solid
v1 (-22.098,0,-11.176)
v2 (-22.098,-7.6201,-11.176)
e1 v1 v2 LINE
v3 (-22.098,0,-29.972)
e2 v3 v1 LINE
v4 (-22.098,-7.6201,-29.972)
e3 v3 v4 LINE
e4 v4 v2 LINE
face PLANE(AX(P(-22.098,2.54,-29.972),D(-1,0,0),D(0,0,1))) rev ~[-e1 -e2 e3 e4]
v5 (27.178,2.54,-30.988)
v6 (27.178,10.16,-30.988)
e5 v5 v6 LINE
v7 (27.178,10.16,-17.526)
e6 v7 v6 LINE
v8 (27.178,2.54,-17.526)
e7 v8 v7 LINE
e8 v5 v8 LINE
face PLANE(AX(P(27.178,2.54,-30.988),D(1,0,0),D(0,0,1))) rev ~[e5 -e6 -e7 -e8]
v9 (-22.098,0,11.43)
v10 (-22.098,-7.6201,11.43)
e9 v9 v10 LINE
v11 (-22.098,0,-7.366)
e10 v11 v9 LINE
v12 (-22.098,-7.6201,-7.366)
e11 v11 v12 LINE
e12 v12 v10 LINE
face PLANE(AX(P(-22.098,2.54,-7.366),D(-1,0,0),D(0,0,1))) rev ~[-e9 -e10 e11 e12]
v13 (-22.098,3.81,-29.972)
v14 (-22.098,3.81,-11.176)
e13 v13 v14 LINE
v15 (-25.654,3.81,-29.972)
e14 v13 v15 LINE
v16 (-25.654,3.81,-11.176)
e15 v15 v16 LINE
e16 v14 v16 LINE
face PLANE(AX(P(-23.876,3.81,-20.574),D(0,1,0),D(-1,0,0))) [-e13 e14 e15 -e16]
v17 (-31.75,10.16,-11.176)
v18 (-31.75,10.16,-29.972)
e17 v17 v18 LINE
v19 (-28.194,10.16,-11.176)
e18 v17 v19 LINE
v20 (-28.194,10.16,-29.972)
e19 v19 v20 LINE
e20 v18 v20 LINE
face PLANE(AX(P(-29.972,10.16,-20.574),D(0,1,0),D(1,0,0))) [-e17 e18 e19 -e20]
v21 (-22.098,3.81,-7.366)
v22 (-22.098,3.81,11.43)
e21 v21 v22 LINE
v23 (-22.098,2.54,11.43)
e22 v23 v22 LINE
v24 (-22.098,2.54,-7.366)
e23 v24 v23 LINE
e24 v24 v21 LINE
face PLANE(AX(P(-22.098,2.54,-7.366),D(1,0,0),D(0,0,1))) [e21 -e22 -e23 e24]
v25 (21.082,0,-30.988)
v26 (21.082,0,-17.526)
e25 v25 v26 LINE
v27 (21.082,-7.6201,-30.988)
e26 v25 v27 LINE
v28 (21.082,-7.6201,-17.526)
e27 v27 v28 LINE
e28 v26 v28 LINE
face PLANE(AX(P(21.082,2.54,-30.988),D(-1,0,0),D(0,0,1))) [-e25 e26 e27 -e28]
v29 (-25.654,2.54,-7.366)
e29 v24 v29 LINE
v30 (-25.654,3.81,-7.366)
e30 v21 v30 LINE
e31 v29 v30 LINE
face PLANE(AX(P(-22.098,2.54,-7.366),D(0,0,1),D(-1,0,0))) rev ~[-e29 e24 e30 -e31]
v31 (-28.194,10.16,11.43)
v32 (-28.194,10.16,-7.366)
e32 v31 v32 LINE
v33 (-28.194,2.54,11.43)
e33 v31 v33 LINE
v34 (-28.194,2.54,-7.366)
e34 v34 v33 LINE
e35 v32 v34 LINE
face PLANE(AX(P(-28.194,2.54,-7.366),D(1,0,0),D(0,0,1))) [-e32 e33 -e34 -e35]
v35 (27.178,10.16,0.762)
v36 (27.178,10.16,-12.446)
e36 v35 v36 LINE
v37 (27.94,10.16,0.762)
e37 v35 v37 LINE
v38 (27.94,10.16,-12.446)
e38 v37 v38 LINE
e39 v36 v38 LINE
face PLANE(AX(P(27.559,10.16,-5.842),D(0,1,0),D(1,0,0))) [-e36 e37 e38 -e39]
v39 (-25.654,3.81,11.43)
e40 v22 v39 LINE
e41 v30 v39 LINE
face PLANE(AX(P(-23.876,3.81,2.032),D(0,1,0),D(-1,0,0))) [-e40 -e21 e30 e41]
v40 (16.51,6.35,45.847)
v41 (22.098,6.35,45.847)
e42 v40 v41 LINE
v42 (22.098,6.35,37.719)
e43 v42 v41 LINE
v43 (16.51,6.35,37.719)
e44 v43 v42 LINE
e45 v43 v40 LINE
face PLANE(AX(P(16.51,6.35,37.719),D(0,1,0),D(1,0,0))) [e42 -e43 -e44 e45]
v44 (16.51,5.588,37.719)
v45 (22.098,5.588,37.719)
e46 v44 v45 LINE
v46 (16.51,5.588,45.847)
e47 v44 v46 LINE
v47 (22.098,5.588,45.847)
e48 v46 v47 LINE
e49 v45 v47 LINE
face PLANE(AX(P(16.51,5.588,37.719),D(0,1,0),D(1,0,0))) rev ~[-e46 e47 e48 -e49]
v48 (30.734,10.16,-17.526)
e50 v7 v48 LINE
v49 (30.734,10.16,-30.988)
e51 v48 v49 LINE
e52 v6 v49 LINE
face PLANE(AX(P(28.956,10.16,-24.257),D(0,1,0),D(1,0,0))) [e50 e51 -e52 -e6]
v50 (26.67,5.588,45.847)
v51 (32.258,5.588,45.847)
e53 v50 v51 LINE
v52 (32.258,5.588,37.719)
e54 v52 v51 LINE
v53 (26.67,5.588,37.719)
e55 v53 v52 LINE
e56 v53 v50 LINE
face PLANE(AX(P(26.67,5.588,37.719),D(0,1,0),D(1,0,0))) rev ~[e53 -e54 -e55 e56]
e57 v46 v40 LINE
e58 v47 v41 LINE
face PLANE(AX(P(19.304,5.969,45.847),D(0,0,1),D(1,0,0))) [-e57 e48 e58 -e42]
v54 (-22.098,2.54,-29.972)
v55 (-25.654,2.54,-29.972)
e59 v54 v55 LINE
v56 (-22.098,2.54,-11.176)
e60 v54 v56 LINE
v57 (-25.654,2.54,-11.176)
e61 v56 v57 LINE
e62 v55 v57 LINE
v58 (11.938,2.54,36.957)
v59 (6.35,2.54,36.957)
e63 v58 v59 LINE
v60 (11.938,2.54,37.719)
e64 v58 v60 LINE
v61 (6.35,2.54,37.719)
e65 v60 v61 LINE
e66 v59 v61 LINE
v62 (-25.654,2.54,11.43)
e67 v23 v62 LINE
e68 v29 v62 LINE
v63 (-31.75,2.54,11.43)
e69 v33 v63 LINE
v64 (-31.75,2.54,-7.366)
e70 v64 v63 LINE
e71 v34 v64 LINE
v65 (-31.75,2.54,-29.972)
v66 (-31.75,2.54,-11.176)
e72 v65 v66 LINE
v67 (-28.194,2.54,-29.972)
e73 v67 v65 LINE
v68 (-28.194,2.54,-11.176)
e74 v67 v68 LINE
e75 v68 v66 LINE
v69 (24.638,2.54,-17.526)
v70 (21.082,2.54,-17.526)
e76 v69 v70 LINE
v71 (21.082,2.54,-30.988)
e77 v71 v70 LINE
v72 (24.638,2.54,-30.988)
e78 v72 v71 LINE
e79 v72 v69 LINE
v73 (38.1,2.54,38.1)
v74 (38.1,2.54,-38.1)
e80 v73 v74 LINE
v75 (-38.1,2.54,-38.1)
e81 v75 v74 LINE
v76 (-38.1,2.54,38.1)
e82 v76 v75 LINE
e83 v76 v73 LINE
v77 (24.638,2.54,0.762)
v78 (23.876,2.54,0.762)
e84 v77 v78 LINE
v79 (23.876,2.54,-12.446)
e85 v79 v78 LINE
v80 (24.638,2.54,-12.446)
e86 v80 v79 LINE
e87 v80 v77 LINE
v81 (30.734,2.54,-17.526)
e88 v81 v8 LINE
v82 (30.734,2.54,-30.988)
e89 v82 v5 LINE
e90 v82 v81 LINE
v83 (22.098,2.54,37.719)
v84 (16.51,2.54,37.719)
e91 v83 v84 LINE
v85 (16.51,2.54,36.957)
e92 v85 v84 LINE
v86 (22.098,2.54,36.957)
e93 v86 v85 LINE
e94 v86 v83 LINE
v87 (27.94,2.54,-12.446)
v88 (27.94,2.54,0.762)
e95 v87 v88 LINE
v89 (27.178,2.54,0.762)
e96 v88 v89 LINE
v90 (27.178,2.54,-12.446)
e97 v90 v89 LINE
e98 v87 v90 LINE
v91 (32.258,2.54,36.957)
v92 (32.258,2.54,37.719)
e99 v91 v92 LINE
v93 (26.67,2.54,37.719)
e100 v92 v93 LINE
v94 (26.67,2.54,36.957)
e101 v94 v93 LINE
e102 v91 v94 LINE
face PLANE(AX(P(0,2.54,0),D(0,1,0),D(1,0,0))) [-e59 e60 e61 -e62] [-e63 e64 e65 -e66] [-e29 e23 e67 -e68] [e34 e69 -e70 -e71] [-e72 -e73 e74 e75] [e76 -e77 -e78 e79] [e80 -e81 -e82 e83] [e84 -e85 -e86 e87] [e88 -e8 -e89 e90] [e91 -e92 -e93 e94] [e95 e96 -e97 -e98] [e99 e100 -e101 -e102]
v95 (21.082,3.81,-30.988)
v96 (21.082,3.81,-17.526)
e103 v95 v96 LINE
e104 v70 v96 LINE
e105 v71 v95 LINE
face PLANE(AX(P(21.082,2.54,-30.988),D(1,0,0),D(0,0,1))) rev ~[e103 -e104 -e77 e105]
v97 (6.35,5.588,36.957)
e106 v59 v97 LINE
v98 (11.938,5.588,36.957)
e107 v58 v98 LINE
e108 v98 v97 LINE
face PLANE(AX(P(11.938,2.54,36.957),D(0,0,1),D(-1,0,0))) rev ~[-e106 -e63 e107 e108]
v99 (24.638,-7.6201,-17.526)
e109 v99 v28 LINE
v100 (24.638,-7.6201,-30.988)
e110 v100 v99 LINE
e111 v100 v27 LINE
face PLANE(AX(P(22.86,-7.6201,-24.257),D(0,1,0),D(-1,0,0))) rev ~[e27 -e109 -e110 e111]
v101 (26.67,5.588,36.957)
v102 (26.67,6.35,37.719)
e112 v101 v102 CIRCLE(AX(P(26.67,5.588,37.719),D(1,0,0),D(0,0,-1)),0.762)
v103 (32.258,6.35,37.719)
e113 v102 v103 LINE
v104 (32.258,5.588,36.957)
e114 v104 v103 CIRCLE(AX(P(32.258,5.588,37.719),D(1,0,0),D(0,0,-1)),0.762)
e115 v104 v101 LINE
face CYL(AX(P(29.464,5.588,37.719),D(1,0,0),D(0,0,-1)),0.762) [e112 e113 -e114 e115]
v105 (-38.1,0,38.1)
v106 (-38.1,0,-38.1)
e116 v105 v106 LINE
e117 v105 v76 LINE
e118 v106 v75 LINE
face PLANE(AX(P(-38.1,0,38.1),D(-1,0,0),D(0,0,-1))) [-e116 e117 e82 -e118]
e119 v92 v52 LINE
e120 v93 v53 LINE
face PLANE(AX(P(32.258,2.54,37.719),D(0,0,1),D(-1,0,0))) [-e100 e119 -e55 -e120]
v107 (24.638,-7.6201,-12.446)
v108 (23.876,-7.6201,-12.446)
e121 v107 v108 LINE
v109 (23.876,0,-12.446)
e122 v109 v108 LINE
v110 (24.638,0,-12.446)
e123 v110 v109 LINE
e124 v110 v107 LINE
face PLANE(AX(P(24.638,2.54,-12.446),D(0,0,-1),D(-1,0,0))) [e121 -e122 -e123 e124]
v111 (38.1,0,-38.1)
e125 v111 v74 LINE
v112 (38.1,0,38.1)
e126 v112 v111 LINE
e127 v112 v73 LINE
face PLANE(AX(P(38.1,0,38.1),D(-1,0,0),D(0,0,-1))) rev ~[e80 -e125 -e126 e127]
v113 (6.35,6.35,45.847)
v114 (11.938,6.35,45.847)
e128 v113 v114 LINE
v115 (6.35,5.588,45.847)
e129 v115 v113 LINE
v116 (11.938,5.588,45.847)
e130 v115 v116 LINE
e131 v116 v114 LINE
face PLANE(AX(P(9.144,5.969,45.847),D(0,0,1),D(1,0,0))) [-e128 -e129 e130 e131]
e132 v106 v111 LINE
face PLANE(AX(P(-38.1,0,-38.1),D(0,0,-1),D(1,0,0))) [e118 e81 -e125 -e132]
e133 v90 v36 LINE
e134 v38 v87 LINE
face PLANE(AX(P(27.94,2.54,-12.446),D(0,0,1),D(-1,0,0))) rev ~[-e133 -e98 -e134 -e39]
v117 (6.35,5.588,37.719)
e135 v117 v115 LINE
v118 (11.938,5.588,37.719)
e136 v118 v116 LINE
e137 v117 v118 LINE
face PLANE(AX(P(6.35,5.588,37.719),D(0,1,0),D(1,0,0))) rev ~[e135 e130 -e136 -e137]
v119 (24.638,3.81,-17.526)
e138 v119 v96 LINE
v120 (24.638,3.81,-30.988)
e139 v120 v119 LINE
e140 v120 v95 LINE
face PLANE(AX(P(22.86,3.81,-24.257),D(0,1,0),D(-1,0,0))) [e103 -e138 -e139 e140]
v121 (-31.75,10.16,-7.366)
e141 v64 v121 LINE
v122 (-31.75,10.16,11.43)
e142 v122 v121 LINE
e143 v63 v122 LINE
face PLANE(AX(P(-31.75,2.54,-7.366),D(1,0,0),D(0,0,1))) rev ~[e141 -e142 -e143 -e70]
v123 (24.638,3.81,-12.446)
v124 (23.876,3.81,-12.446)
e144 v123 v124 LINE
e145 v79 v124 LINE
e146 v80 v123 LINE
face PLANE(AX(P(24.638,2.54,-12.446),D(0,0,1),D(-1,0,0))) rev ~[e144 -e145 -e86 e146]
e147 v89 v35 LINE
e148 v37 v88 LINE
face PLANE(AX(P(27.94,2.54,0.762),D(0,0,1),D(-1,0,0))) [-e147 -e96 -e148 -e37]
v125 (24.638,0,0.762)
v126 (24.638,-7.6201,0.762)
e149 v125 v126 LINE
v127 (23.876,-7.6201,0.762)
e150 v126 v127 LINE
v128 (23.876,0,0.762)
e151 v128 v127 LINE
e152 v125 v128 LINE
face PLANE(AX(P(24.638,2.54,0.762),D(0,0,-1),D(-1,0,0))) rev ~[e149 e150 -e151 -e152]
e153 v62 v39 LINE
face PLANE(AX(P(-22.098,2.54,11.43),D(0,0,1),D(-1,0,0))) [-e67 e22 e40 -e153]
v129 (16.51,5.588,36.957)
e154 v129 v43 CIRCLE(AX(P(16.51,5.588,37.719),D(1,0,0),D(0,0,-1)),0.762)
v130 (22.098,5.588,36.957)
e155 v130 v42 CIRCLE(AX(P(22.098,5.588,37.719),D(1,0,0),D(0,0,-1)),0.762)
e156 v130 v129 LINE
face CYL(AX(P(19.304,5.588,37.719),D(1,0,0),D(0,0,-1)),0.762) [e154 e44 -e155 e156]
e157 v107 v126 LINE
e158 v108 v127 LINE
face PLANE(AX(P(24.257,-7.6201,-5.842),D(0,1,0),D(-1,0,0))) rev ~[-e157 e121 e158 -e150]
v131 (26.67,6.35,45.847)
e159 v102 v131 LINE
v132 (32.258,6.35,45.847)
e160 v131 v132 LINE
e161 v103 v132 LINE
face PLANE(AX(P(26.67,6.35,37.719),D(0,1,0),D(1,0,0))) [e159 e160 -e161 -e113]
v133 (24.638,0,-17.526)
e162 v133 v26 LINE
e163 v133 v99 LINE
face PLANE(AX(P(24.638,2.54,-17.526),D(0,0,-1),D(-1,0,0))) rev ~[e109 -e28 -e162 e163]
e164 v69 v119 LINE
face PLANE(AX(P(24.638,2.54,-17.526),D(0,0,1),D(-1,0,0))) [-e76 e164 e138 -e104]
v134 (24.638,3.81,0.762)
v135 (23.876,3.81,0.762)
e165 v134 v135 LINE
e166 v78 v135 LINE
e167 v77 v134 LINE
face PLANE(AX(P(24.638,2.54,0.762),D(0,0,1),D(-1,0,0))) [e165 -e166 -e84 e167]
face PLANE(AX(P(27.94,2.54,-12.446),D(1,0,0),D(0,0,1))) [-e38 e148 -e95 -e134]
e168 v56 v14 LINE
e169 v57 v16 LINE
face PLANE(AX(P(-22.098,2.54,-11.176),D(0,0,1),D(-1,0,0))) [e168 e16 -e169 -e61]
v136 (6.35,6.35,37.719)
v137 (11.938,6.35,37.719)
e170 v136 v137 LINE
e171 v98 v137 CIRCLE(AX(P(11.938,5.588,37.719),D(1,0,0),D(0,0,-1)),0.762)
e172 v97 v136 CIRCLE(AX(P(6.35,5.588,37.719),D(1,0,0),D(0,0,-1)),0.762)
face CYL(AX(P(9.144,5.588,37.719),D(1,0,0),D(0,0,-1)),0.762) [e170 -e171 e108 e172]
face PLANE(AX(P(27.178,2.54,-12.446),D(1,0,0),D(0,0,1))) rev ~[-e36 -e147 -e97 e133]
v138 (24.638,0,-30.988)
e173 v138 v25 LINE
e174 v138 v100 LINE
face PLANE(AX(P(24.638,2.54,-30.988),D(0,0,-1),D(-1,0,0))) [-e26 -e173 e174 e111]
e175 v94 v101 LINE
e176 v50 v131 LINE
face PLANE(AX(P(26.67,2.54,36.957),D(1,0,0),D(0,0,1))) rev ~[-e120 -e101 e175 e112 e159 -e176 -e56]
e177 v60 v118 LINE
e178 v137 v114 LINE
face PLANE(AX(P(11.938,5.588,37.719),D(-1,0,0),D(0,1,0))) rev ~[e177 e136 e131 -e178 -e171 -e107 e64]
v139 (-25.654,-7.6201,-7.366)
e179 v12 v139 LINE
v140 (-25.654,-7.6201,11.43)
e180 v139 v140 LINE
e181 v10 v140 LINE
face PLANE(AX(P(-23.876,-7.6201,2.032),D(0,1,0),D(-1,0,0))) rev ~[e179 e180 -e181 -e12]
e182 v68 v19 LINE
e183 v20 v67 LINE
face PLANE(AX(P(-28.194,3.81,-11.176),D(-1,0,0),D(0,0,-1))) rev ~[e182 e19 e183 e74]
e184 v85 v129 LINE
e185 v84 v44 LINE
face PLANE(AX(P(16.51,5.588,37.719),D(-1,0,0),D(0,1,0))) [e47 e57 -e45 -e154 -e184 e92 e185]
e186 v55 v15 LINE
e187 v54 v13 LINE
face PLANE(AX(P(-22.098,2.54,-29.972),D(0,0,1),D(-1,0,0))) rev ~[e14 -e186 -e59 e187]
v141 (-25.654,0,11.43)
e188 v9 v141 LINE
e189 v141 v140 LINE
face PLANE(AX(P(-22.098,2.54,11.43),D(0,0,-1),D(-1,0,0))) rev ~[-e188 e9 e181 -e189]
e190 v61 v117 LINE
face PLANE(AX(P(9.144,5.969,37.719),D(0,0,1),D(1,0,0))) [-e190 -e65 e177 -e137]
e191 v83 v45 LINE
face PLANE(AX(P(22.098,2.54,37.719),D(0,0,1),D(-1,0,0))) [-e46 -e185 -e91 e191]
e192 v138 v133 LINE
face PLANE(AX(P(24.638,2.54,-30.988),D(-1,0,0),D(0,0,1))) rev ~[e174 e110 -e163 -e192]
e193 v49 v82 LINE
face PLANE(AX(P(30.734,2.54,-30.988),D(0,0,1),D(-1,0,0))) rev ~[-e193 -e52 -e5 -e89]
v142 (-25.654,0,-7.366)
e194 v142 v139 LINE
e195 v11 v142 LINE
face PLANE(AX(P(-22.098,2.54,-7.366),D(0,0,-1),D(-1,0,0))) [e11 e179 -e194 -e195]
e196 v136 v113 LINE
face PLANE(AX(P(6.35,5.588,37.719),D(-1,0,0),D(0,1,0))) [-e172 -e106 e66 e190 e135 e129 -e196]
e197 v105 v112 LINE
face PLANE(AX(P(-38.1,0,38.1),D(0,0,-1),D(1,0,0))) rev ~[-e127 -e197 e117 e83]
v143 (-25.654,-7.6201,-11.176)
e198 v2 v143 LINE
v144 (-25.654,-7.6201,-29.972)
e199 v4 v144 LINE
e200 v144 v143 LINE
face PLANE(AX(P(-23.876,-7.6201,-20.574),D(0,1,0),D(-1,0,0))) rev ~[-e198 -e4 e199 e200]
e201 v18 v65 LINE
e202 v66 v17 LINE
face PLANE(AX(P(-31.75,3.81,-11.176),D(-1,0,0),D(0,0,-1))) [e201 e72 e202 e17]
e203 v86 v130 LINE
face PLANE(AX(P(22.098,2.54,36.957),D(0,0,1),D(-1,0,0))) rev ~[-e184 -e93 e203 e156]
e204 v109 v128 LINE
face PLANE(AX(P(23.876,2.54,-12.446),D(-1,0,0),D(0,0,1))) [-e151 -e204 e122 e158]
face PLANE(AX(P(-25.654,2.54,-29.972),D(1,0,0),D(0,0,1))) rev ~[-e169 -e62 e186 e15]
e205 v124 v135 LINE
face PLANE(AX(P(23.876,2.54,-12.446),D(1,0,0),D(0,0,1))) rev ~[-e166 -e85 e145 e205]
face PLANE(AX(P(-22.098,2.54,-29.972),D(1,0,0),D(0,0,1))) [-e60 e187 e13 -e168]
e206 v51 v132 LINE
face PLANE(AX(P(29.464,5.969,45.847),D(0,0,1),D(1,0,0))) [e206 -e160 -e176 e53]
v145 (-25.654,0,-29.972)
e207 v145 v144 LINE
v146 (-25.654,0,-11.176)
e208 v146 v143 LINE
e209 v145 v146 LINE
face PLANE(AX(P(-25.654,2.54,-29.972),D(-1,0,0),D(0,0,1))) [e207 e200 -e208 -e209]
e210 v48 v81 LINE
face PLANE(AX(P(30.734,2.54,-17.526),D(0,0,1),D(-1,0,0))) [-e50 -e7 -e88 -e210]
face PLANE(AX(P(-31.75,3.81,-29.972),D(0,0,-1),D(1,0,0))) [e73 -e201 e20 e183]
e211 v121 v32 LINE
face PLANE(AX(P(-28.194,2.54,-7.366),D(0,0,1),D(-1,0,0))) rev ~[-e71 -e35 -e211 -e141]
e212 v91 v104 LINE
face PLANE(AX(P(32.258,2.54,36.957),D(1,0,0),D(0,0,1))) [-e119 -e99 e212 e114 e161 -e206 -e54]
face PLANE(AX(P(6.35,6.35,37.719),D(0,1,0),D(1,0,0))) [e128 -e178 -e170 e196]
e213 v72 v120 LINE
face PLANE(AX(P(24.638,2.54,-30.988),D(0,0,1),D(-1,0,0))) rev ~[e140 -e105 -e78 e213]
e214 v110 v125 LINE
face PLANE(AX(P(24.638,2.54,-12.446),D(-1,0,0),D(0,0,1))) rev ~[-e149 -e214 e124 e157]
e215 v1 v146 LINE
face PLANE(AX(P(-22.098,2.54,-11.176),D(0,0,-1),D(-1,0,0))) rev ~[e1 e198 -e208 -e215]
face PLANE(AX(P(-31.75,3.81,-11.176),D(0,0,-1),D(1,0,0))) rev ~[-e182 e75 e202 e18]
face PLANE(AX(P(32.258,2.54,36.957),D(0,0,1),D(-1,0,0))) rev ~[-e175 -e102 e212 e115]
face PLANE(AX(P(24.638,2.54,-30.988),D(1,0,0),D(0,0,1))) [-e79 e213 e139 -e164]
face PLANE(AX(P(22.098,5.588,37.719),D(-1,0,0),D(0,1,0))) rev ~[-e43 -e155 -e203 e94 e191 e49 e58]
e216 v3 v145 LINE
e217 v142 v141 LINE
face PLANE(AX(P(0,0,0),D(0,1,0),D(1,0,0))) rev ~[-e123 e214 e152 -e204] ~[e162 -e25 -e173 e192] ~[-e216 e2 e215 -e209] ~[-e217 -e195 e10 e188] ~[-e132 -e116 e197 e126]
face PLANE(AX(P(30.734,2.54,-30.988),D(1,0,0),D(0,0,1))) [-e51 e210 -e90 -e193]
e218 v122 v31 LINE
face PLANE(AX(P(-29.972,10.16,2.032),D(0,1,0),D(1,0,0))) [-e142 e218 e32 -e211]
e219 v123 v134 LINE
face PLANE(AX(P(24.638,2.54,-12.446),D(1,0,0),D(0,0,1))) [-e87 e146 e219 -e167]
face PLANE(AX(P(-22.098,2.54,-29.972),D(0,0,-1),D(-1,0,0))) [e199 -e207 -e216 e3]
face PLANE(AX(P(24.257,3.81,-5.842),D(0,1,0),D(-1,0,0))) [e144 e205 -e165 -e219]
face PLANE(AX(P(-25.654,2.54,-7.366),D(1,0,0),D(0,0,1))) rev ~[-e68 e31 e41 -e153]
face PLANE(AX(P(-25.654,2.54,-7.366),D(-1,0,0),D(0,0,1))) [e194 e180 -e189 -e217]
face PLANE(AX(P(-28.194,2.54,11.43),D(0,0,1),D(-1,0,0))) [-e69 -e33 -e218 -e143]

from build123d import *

# Parameters (mm, degrees)
SKETCH1_W           = 76.2
SKETCH1_H           = 76.2
EXTRUDE1_DEPTH      = 2.54
SKETCH2_W           = 3.556
SKETCH2_H           = 13.462
SKETCH2_W_2         = 0.762
SKETCH2_H_2         = 13.208
SKETCH2_H_3         = 18.796
EXTRUDE2_DEPTH      = 1.27
EXTRUDE2_DEPTH_BACK = 10.1601
SKETCH3_W           = 5.588
SKETCH3_H           = 0.762
EXTRUDE3_DEPTH      = 3.048
LPATTERN1_COUNT     = 3
LPATTERN1_PITCH     = 10.16
SKETCH8_W           = 5.588
SKETCH8_H           = 0.762
REVOLVE3_ANGLE      = 90
SKETCH9_W           = 5.588
SKETCH9_H           = 0.762
EXTRUDE5_DEPTH      = 8.128
LPATTERN2_COUNT     = 3
LPATTERN2_PITCH     = 10.16
SKETCH11_W          = 3.556
SKETCH11_H          = 18.796
SKETCH11_W_2        = 0.762
SKETCH11_H_2        = 13.208
SKETCH11_H_3        = 13.462
EXTRUDE6_DEPTH      = 6.35
SKETCH12_W          = 3.556
SKETCH12_H          = 18.796
SKETCH12_H_2        = 13.462
SKETCH12_W_2        = 0.762
SKETCH12_H_3        = 13.208
EXTRUDE7_DEPTH      = 7.6201


with BuildPart() as part:
    # Sketch1 → Extrude1 (new body)
    with BuildSketch(Plane(origin=(0, 0, 0), x_dir=(1, 0, 0), z_dir=(0, 1, 0))):
        Rectangle(SKETCH1_W, SKETCH1_H)
    extrude(amount=EXTRUDE1_DEPTH)

    # Sketch2 → Extrude2 (add, two sides)
    with BuildSketch(Plane(origin=(0, 2.54, 0), x_dir=(-1, 0, 0), z_dir=(0, 1, 0))) as extrude2_sk:
        with Locations((-22.86, -24.257)):
            Rectangle(SKETCH2_W, SKETCH2_H)
        with Locations((-24.257, -5.842)):
            Rectangle(SKETCH2_W_2, SKETCH2_H_2)
        with Locations((23.876, -20.574)):
            Rectangle(SKETCH2_W, SKETCH2_H_3)
        with Locations((23.876, 2.032)):
            Rectangle(SKETCH2_W, SKETCH2_H_3)
        with Locations((29.972, -20.574)):
            Rectangle(SKETCH2_W, SKETCH2_H_3)
        with Locations((29.972, 2.032)):
            Rectangle(SKETCH2_W, SKETCH2_H_3)
        with Locations((-28.956, -24.257)):
            Rectangle(SKETCH2_W, SKETCH2_H)
        with Locations((-27.559, -5.842)):
            Rectangle(SKETCH2_W_2, SKETCH2_H_2)
    extrude(amount=EXTRUDE2_DEPTH)
    extrude(extrude2_sk.sketch, amount=-EXTRUDE2_DEPTH_BACK)

    # Sketch3 → Extrude3 (add)
    with BuildSketch(Plane(origin=(0, 2.54, 0), x_dir=(-1, 0, 0), z_dir=(0, 1, 0))):
        with Locations((-9.144, 37.338)):
            Rectangle(SKETCH3_W, SKETCH3_H)
    extrude3 = extrude(amount=EXTRUDE3_DEPTH)

    # LPattern1: Extrude3 ×3
    with Locations(*[(i * LPATTERN1_PITCH, 0, 0) for i in range(1, LPATTERN1_COUNT)]):
        add(extrude3)

    # Sketch8 → Revolve3 (revolve)
    with BuildSketch(Plane(origin=(0, 5.588, 0), x_dir=(1, 0, 0), z_dir=(0, 1, 0))):
        with Locations((9.144, -37.338)):
            Rectangle(SKETCH8_W, SKETCH8_H)
        with Locations((19.304, -37.338)):
            Rectangle(SKETCH8_W, SKETCH8_H)
        with Locations((29.464, -37.338)):
            Rectangle(SKETCH8_W, SKETCH8_H)
    revolve(axis=Axis((6.35, 5.588, 37.719), (1, 0, 0)), revolution_arc=REVOLVE3_ANGLE)

    # Sketch9 → Extrude5 (add)
    with BuildSketch(Plane.XY.offset(37.719)):
        with Locations((9.144, 5.969)):
            Rectangle(SKETCH9_W, SKETCH9_H)
    extrude5 = extrude(amount=EXTRUDE5_DEPTH)

    # LPattern2: Extrude5 ×3
    with Locations(*[(i * LPATTERN2_PITCH, 0, 0) for i in range(1, LPATTERN2_COUNT)]):
        add(extrude5)

    # Sketch11 → Extrude6 (add)
    with BuildSketch(Plane(origin=(0, 3.81, 0), x_dir=(1, 0, 0), z_dir=(0, 1, 0))):
        with Locations((-29.972, 20.574)):
            Rectangle(SKETCH11_W, SKETCH11_H)
        with Locations((-29.972, -2.032)):
            Rectangle(SKETCH11_W, SKETCH11_H)
        with Locations((27.559, 5.842)):
            Rectangle(SKETCH11_W_2, SKETCH11_H_2)
        with Locations((28.956, 24.257)):
            Rectangle(SKETCH11_W, SKETCH11_H_3)
    extrude(amount=EXTRUDE6_DEPTH)

    # Sketch12 → Extrude7 (cut)
    with BuildSketch(Plane.XZ.offset(7.6201)):
        with Locations((-29.972, -20.574)):
            Rectangle(SKETCH12_W, SKETCH12_H)
        with Locations((-29.972, 2.032)):
            Rectangle(SKETCH12_W, SKETCH12_H)
        with Locations((28.956, -24.257)):
            Rectangle(SKETCH12_W, SKETCH12_H_2)
        with Locations((27.559, -5.842)):
            Rectangle(SKETCH12_W_2, SKETCH12_H_3)
    extrude(amount=-EXTRUDE7_DEPTH, mode=Mode.SUBTRACT)


solid = part.part
